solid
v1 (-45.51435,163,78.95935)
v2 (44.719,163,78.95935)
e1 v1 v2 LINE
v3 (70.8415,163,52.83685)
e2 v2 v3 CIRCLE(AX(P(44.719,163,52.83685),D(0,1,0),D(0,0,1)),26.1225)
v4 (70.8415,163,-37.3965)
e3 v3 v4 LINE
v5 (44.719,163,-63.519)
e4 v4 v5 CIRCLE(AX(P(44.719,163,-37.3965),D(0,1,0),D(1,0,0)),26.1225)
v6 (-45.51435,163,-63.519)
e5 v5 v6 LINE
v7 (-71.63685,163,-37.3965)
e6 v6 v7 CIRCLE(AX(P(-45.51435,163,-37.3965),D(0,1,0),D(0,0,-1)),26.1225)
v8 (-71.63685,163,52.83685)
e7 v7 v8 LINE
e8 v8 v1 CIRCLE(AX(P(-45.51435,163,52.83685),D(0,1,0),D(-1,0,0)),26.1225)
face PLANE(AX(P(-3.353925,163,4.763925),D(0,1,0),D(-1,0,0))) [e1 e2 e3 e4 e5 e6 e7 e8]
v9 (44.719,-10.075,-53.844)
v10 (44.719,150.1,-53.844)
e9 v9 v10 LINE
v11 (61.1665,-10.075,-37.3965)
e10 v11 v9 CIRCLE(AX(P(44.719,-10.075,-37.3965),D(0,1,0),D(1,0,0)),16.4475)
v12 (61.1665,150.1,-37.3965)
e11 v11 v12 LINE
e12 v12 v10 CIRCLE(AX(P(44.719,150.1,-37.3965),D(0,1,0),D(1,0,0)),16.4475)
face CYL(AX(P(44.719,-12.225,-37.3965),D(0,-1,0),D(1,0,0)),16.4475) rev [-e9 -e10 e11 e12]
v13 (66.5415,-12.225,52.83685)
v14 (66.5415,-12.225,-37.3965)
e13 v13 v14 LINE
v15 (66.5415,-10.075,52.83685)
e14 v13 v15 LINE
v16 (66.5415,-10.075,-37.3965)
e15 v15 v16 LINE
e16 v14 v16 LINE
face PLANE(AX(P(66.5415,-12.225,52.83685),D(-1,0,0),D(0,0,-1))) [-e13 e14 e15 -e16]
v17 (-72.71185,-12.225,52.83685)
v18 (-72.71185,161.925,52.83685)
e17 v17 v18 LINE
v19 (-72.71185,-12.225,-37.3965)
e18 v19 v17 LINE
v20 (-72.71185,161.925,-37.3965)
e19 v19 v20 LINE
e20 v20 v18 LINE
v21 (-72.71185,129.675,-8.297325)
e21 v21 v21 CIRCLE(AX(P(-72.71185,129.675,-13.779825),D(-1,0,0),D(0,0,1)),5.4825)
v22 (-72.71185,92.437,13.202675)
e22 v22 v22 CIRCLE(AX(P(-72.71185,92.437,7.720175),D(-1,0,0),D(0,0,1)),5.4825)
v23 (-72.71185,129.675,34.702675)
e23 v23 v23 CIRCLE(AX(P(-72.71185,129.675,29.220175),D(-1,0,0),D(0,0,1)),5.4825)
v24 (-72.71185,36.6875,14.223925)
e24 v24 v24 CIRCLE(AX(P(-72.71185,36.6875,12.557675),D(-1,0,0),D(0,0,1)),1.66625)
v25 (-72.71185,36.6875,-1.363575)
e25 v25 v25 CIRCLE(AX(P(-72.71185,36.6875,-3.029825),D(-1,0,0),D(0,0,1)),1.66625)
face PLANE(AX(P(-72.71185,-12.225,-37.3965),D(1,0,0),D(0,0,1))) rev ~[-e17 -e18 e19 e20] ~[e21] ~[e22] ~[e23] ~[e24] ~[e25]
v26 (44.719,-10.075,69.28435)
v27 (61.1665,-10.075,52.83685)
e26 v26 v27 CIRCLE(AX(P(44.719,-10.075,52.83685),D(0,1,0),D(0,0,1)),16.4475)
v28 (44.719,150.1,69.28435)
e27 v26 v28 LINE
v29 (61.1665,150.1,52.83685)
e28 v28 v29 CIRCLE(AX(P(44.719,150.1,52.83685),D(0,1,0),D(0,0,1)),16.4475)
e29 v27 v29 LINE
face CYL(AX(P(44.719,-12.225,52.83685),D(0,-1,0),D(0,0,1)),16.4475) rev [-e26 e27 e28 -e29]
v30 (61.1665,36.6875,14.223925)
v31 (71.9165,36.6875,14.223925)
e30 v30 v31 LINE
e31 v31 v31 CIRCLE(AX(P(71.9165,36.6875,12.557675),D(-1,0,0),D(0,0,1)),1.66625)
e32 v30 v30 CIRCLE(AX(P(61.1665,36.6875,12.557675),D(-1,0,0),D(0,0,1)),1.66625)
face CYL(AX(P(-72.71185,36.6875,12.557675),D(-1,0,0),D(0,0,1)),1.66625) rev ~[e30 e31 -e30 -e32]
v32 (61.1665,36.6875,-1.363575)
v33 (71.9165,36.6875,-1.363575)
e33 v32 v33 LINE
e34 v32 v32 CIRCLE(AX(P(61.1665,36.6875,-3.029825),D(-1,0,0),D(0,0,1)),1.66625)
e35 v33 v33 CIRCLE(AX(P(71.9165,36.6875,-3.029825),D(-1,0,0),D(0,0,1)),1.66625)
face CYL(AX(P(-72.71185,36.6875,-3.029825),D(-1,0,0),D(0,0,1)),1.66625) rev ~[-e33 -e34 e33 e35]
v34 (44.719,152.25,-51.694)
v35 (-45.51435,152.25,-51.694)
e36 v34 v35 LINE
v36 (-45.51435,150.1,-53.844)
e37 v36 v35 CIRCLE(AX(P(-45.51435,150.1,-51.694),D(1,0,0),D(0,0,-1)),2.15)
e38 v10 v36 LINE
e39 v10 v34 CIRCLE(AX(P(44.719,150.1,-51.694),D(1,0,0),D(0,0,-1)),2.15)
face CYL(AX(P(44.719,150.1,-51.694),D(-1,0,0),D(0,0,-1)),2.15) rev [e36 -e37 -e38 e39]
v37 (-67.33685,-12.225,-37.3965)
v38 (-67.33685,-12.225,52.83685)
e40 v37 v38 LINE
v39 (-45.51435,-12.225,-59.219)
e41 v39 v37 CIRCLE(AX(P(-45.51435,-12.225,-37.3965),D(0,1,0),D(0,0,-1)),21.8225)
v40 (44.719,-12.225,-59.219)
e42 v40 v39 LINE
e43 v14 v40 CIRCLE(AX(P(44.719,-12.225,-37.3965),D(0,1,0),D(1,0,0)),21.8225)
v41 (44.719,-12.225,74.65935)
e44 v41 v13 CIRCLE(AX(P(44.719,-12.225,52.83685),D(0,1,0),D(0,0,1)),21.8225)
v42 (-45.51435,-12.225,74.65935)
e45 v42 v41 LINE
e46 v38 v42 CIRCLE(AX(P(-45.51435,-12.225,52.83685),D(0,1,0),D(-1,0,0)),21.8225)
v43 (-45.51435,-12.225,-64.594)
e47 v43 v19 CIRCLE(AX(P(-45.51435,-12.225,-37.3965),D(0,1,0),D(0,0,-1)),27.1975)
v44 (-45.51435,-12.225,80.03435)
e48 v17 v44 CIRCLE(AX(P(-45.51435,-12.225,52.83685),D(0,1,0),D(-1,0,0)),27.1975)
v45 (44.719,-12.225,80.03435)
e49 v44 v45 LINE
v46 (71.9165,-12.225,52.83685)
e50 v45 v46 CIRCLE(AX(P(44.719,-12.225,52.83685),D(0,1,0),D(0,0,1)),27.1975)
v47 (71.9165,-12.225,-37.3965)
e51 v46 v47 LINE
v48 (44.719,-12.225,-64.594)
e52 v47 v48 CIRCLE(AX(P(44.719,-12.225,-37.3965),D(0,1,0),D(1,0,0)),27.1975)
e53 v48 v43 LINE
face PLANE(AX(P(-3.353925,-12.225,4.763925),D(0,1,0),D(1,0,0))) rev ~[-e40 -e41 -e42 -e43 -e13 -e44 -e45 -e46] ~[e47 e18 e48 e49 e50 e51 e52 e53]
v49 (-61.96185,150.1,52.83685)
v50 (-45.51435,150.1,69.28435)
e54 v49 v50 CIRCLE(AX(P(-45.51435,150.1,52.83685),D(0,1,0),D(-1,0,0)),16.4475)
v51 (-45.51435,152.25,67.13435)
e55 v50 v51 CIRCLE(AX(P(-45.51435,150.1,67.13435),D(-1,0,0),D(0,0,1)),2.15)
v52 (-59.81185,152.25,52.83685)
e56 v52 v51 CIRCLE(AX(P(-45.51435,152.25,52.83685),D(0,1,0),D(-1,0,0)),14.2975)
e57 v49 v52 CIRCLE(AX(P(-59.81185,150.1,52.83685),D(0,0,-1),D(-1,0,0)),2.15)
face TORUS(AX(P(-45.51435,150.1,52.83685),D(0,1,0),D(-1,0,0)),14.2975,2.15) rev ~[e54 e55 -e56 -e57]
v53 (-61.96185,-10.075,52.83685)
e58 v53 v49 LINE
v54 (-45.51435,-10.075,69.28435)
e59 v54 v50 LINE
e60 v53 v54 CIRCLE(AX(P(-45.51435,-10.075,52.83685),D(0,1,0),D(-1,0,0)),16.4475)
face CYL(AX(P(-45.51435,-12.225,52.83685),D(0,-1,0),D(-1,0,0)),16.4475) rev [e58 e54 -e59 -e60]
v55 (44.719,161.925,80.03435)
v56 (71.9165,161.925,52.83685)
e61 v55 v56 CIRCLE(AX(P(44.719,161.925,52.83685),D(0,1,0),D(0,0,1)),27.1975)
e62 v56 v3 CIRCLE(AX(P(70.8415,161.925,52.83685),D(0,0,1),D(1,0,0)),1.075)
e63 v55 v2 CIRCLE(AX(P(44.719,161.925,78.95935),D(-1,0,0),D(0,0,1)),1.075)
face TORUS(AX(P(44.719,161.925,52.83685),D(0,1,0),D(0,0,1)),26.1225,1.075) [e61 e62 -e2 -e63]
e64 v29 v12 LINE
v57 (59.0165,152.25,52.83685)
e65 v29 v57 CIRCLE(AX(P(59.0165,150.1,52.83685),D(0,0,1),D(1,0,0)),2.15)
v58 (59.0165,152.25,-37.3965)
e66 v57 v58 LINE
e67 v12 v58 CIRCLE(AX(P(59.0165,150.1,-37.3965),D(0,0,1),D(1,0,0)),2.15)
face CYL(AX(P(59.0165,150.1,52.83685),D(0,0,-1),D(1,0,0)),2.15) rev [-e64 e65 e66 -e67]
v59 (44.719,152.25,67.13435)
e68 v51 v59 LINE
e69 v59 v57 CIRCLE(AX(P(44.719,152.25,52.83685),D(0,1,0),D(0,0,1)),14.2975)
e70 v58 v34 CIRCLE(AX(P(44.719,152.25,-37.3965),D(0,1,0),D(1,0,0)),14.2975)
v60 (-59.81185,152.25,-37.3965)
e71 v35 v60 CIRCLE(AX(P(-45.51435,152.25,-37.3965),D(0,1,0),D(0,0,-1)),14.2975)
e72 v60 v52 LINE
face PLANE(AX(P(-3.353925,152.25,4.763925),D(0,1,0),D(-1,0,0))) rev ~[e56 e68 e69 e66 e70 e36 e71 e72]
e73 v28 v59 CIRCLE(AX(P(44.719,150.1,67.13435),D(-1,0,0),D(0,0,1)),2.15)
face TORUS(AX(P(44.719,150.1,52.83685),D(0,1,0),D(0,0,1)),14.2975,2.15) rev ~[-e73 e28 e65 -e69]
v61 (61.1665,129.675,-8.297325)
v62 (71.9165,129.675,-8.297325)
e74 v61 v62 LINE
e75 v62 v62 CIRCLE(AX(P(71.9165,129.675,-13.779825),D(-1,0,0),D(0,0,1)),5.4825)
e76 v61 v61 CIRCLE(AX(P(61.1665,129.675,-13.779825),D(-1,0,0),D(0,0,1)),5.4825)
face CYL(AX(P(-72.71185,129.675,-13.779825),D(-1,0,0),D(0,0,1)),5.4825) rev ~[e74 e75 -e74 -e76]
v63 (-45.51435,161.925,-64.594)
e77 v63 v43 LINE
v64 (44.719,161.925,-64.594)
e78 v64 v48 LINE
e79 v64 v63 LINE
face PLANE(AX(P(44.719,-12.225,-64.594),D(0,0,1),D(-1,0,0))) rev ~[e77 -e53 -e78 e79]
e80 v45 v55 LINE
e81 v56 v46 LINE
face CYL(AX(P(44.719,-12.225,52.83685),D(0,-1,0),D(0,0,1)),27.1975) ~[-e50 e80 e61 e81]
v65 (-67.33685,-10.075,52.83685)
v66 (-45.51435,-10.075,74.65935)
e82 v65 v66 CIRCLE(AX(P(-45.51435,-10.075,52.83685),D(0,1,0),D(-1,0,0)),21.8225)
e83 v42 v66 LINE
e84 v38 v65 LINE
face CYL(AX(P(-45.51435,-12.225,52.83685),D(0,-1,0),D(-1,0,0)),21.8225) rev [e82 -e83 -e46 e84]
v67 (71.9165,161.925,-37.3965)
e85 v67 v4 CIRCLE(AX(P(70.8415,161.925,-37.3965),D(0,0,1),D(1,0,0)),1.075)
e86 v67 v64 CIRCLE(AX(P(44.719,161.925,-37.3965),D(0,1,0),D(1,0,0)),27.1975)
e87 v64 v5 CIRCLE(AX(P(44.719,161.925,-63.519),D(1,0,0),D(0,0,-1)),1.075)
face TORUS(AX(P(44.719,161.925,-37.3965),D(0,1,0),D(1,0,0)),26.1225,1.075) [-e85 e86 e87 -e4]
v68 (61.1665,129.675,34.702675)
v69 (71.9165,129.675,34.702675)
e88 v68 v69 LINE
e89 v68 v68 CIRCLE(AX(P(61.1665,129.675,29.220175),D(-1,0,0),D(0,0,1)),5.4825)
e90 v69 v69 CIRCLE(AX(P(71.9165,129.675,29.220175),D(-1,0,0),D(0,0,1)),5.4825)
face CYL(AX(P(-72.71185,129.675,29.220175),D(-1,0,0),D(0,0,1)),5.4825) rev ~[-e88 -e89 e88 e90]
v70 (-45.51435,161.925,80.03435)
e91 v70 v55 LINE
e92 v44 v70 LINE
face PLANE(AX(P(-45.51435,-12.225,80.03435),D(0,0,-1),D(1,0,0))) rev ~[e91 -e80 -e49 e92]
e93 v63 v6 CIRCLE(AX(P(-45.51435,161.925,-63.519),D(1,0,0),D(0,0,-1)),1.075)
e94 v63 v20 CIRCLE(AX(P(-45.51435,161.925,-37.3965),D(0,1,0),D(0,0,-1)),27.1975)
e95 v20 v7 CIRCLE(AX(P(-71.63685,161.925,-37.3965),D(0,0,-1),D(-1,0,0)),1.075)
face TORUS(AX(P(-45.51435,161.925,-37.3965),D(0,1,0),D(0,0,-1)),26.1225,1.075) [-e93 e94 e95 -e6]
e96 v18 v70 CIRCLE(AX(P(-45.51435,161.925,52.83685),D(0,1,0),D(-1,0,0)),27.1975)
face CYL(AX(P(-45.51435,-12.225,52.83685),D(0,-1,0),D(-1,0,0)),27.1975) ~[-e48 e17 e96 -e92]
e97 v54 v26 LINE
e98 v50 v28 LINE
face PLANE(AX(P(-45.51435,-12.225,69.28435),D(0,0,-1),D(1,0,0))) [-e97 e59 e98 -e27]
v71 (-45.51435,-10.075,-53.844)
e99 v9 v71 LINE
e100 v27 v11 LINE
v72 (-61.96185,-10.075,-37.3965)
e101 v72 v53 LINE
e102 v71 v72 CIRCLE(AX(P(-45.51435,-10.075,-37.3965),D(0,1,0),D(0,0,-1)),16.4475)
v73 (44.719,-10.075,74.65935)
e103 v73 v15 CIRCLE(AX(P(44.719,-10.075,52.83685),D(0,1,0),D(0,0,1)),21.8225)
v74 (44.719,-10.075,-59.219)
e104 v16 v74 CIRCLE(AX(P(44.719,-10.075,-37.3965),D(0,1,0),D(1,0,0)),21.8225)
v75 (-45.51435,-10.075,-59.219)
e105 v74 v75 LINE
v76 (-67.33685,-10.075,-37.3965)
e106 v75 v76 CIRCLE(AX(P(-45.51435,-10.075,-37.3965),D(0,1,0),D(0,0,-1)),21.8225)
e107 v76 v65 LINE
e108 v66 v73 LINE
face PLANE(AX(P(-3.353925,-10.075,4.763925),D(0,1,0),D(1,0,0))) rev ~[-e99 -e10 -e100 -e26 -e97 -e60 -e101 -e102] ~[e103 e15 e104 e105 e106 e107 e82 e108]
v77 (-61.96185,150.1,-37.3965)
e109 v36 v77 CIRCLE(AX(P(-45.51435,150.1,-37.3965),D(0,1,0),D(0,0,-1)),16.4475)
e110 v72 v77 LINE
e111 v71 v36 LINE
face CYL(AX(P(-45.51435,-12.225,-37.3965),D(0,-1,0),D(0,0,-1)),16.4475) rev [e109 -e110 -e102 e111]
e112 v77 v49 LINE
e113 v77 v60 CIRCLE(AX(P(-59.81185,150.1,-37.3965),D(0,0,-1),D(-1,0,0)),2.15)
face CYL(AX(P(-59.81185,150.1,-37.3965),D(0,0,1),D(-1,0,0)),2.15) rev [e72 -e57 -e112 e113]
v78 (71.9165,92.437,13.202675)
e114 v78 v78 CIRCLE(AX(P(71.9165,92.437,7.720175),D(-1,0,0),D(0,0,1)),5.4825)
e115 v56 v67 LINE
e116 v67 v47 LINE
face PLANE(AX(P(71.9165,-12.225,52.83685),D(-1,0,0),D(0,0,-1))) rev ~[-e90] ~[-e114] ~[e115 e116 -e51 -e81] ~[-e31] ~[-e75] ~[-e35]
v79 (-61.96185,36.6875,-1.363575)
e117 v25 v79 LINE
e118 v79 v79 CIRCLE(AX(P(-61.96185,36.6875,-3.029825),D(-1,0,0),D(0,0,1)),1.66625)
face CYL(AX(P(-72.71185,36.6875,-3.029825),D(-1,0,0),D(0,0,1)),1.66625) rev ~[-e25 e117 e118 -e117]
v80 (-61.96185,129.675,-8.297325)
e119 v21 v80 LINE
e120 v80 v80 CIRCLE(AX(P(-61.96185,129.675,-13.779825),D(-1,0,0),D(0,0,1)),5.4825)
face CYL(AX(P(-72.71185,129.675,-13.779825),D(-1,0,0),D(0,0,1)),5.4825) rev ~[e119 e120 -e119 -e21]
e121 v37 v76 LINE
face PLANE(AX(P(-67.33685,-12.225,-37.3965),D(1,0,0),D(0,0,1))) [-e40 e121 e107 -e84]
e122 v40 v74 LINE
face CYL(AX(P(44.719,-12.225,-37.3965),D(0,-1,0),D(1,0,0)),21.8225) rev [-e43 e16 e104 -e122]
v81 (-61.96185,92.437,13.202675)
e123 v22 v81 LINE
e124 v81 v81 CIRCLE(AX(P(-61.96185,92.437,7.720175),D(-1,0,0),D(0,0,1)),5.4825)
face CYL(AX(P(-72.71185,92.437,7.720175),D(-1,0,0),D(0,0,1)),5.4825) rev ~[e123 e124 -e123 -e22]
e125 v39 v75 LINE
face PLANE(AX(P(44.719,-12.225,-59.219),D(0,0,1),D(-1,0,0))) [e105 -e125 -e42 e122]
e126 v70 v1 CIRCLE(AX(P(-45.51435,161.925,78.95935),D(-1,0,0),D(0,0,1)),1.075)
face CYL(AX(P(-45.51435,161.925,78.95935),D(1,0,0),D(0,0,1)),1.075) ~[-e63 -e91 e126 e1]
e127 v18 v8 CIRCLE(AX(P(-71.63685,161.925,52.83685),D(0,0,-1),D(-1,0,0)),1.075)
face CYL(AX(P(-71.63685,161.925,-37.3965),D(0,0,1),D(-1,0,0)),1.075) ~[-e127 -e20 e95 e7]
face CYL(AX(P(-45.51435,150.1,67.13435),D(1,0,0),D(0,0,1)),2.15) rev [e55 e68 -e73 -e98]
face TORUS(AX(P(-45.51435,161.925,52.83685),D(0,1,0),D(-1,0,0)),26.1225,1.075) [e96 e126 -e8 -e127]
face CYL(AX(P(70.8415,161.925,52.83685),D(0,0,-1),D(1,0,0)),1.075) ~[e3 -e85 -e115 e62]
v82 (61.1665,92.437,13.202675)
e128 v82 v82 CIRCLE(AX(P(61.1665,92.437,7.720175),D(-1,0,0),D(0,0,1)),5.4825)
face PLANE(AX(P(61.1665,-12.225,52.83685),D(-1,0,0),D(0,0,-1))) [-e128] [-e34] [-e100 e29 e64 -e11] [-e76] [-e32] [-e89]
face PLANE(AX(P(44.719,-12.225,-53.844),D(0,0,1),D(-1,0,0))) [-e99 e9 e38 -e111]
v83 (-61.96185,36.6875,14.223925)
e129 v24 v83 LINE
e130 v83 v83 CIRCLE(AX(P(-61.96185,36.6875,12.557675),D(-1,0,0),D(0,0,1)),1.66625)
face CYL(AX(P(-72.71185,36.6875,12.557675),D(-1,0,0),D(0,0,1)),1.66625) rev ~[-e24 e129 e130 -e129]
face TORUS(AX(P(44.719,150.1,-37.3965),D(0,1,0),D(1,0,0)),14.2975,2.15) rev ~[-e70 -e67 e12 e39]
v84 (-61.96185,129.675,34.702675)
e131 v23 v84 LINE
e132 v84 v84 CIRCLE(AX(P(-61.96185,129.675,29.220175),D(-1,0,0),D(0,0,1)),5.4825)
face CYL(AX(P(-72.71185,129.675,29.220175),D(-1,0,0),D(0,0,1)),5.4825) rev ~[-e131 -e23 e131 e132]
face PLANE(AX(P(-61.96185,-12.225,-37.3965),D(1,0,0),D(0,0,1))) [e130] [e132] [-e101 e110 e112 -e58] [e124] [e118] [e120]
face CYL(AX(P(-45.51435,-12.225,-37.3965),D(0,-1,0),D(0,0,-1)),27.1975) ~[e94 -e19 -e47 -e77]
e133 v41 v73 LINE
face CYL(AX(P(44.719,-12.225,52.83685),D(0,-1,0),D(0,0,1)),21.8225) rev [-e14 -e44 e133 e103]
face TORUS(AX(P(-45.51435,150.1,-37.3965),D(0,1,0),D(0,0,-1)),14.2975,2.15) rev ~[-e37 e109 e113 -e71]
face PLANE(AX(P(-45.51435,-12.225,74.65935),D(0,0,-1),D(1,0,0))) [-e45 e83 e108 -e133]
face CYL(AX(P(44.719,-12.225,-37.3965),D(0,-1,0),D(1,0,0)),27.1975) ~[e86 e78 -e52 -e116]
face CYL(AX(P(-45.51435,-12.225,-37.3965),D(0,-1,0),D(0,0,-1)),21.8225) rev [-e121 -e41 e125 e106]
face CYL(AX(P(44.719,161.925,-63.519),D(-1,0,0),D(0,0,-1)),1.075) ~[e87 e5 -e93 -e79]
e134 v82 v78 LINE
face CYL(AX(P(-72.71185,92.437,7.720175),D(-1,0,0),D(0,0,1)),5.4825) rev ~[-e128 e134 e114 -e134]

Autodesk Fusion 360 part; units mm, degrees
sketch "Esquisse1" plane through (0, 0, 0) normal (0, 1, 0) x (1, 0, 0)
  arc A0 (59.719, 39.219) -> (44.719, 54.219) centre (44.719, 39.219) ccw construction
  line L0 (-39.219, -59.719) -> (44.719, -59.719) construction
  line L1 (-54.219, 39.219) -> (-54.219, -44.719) construction
  line L2 (-54.219, 54.219) -> (59.719, -59.719) construction
  line L3 (54.219, -12.5) -> (54.219, 12.5) construction
  arc A1 (44.719, -59.719) -> (59.719, -44.719) centre (44.719, -44.719) ccw construction
  arc A2 (-54.219, -44.719) -> (-39.219, -59.719) centre (-39.219, -44.719) ccw construction
  line L4 (44.719, 54.219) -> (-39.219, 54.219) construction
  line L5 (59.719, -44.719) -> (59.719, 39.219) construction
  arc A3 (-39.219, 54.219) -> (-54.219, 39.219) centre (-39.219, 39.219) ccw construction
  line L6 (-54.519, 39.219) -> (-54.519, -44.719)
  arc A4 (-54.519, -44.719) -> (-39.219, -60.019) centre (-39.219, -44.719) ccw
  line L7 (-39.219, -60.019) -> (44.719, -60.019)
  arc A5 (44.719, -60.019) -> (60.019, -44.719) centre (44.719, -44.719) ccw
  line L8 (60.019, -44.719) -> (60.019, 39.219)
  arc A6 (60.019, 39.219) -> (44.719, 54.519) centre (44.719, 39.219) ccw
  line L9 (44.719, 54.519) -> (-39.219, 54.519)
  arc A7 (-39.219, 54.519) -> (-54.519, 39.219) centre (-39.219, 39.219) ccw
  line L10 (-64.519, 39.219) -> (-64.519, -44.719)
  arc A8 (-64.519, -44.719) -> (-39.219, -70.019) centre (-39.219, -44.719) ccw
  line L11 (-39.219, -70.019) -> (44.719, -70.019)
  arc A9 (44.719, -70.019) -> (70.019, -44.719) centre (44.719, -44.719) ccw
  line L12 (70.019, -44.719) -> (70.019, 39.219)
  arc A10 (70.019, 39.219) -> (44.719, 64.519) centre (44.719, 39.219) ccw
  line L13 (44.719, 64.519) -> (-39.219, 64.519)
  arc A11 (-39.219, 64.519) -> (-64.519, 39.219) centre (-39.219, 39.219) ccw
  line L14 (-39.219, -65.019) -> (44.719, -65.019)
  arc A12 (44.719, -65.019) -> (65.019, -44.719) centre (44.719, -44.719) ccw
  line L15 (65.019, -44.719) -> (65.019, 39.219)
  arc A13 (65.019, 39.219) -> (44.719, 59.519) centre (44.719, 39.219) ccw
  line L16 (44.719, 59.519) -> (-39.219, 59.519)
  arc A14 (-39.219, 59.519) -> (-59.519, 39.219) centre (-39.219, 39.219) ccw
  line L17 (-59.519, 39.219) -> (-59.519, -44.719)
  arc A15 (-59.519, -44.719) -> (-39.219, -65.019) centre (-39.219, -44.719) ccw
  point P0 (54.219, 0)
  point P1 (54.219, 0)
  dimension "d2" = 15
  dimension "d3" = 15
  dimension "d4" = 113.9381
  dimension "d11" = 0.3
  dimension "d12" = 10
  dimension "d13" = 5
extrude "Extrusion1" add sketch "Esquisse1" along normal blind 153 contours L10 A8 L11 A9 L12 A10 L13 A11 | L14 A12 L15 A13 L16 A14 L17 A15
extrude "Extrusion2" cut sketch "Esquisse1" along normal blind 2 contours L14 A12 L15 A13 L16 A14 L17 A15
sketch "Esquisse2" plane through (0, 153, 0) normal (0, 1, 0) x (-1, 0, 0)
  arc A0 (39.219, -54.519) -> (54.519, -39.219) centre (39.219, -39.219) ccw
  line L0 (39.219, -54.519) -> (-44.719, -54.519)
  arc A1 (-60.019, -39.219) -> (-44.719, -54.519) centre (-44.719, -39.219) ccw
  line L1 (-60.019, -39.219) -> (-60.019, 44.719)
  arc A2 (-44.719, 60.019) -> (-60.019, 44.719) centre (-44.719, 44.719) ccw
  line L2 (-44.719, 60.019) -> (39.219, 60.019)
  arc A3 (54.519, 44.719) -> (39.219, 60.019) centre (39.219, 44.719) ccw
  line L3 (54.519, 44.719) -> (54.519, -39.219)
  arc A4 (39.219, -64.519) -> (64.519, -39.219) centre (39.219, -39.219) ccw
  line L4 (64.519, -39.219) -> (64.519, 44.719)
  arc A5 (64.519, 44.719) -> (39.219, 70.019) centre (39.219, 44.719) ccw
  line L5 (39.219, 70.019) -> (-44.719, 70.019)
  arc A6 (-44.719, 70.019) -> (-70.019, 44.719) centre (-44.719, 44.719) ccw
  line L6 (-70.019, 44.719) -> (-70.019, -39.219)
  arc A7 (-70.019, -39.219) -> (-44.719, -64.519) centre (-44.719, -39.219) ccw
  line L7 (-44.719, -64.519) -> (39.219, -64.519)
extrude "Extrusion3" add sketch "Esquisse2" along normal blind 10 contours A0 L0 A1 L1 A2 L2 A3 L3 | A4 L4 A5 L5 A6 L6 A7 L7
fillet "Congé1" radius 2 8 edges at (-54.519, 153, 2.75) (-50.0378, 153, -50.0378) (2.75, 153, -54.519) (55.5378, 153, -50.0378) (60.019, 153, 2.75) (55.5378, 153, 55.5378) (2.75, 153, 60.019) (-50.0378, 153, 55.5378)
fillet "Congé2" radius 1 8 edges at (-64.519, 163, 2.75) (-57.1088, 163, 62.6088) (2.75, 163, 70.019) (62.6088, 163, 62.6088) (70.019, 163, 2.75) (62.6088, 163, -57.1088) (2.75, 163, -64.519) (-57.1088, 163, -57.1088)
sketch "Esquisse3" plane through (-64.519, 0, 0) normal (-1, 0, 0) x (0, 0, 1)
  line L0 (44.719, 162) -> (-39.219, 162)
  line L1 (-39.219, 162) -> (-39.219, 0)
  line L2 (-39.219, 0) -> (44.719, 0)
  line L3 (44.719, 0) -> (44.719, 162)
  line L4 (-10.75, 49) -> (10.75, 49) construction
  line L5 (10.75, 49) -> (10.75, 0) construction
  line L6 (-10.75, 0) -> (-10.75, 49) construction
  circle A0 centre (-7.25, 45.5) radius 1.55
  circle A1 centre (7.25, 45.5) radius 1.55
  line L7 (-7.25, 45.5) -> (7.25, 45.5) construction
  line L8 (2.75, 162) -> (2.75, 132) construction
  line L9 (-17.25, 132) -> (22.75, 132) construction
  circle A2 centre (22.75, 132) radius 5.1
  circle A3 centre (-17.25, 132) radius 5.1
  line L10 (2.75, 132) -> (2.75, 97.36) construction
  circle A4 centre (2.75, 97.36) radius 5.1
  point P0 (2.75, 132)
  dimension "d24" = 49
  dimension "d25" = 21.5
  dimension "d26" = 3.1
  dimension "d27" = 3.1
  dimension "d28" = 14.5
  dimension "d29" = 3.5
  dimension "d30" = 3.5
  dimension "d31" = 30
  dimension "d32" = 40
  dimension "d33" = 34.64
  dimension "d34" = 10.2
  dimension "d35" = 10.2
  dimension "d36" = 10.2
extrude "Extrusion4" cut sketch "Esquisse3" against normal blind 2000 contours A0
extrude "Extrusion5" cut sketch "Esquisse3" against normal blind 2000 contours A1 | A2 | A3 | A4
scale "Echelle2" factor 1.075 about (44.719, 163, -63.519) bodies 1
equation "d4 = ( 430 mm - d2 * ( 2 * 3.141592 - 8 ) ) / 4"
equation "d33 = 0.866 * d32"
